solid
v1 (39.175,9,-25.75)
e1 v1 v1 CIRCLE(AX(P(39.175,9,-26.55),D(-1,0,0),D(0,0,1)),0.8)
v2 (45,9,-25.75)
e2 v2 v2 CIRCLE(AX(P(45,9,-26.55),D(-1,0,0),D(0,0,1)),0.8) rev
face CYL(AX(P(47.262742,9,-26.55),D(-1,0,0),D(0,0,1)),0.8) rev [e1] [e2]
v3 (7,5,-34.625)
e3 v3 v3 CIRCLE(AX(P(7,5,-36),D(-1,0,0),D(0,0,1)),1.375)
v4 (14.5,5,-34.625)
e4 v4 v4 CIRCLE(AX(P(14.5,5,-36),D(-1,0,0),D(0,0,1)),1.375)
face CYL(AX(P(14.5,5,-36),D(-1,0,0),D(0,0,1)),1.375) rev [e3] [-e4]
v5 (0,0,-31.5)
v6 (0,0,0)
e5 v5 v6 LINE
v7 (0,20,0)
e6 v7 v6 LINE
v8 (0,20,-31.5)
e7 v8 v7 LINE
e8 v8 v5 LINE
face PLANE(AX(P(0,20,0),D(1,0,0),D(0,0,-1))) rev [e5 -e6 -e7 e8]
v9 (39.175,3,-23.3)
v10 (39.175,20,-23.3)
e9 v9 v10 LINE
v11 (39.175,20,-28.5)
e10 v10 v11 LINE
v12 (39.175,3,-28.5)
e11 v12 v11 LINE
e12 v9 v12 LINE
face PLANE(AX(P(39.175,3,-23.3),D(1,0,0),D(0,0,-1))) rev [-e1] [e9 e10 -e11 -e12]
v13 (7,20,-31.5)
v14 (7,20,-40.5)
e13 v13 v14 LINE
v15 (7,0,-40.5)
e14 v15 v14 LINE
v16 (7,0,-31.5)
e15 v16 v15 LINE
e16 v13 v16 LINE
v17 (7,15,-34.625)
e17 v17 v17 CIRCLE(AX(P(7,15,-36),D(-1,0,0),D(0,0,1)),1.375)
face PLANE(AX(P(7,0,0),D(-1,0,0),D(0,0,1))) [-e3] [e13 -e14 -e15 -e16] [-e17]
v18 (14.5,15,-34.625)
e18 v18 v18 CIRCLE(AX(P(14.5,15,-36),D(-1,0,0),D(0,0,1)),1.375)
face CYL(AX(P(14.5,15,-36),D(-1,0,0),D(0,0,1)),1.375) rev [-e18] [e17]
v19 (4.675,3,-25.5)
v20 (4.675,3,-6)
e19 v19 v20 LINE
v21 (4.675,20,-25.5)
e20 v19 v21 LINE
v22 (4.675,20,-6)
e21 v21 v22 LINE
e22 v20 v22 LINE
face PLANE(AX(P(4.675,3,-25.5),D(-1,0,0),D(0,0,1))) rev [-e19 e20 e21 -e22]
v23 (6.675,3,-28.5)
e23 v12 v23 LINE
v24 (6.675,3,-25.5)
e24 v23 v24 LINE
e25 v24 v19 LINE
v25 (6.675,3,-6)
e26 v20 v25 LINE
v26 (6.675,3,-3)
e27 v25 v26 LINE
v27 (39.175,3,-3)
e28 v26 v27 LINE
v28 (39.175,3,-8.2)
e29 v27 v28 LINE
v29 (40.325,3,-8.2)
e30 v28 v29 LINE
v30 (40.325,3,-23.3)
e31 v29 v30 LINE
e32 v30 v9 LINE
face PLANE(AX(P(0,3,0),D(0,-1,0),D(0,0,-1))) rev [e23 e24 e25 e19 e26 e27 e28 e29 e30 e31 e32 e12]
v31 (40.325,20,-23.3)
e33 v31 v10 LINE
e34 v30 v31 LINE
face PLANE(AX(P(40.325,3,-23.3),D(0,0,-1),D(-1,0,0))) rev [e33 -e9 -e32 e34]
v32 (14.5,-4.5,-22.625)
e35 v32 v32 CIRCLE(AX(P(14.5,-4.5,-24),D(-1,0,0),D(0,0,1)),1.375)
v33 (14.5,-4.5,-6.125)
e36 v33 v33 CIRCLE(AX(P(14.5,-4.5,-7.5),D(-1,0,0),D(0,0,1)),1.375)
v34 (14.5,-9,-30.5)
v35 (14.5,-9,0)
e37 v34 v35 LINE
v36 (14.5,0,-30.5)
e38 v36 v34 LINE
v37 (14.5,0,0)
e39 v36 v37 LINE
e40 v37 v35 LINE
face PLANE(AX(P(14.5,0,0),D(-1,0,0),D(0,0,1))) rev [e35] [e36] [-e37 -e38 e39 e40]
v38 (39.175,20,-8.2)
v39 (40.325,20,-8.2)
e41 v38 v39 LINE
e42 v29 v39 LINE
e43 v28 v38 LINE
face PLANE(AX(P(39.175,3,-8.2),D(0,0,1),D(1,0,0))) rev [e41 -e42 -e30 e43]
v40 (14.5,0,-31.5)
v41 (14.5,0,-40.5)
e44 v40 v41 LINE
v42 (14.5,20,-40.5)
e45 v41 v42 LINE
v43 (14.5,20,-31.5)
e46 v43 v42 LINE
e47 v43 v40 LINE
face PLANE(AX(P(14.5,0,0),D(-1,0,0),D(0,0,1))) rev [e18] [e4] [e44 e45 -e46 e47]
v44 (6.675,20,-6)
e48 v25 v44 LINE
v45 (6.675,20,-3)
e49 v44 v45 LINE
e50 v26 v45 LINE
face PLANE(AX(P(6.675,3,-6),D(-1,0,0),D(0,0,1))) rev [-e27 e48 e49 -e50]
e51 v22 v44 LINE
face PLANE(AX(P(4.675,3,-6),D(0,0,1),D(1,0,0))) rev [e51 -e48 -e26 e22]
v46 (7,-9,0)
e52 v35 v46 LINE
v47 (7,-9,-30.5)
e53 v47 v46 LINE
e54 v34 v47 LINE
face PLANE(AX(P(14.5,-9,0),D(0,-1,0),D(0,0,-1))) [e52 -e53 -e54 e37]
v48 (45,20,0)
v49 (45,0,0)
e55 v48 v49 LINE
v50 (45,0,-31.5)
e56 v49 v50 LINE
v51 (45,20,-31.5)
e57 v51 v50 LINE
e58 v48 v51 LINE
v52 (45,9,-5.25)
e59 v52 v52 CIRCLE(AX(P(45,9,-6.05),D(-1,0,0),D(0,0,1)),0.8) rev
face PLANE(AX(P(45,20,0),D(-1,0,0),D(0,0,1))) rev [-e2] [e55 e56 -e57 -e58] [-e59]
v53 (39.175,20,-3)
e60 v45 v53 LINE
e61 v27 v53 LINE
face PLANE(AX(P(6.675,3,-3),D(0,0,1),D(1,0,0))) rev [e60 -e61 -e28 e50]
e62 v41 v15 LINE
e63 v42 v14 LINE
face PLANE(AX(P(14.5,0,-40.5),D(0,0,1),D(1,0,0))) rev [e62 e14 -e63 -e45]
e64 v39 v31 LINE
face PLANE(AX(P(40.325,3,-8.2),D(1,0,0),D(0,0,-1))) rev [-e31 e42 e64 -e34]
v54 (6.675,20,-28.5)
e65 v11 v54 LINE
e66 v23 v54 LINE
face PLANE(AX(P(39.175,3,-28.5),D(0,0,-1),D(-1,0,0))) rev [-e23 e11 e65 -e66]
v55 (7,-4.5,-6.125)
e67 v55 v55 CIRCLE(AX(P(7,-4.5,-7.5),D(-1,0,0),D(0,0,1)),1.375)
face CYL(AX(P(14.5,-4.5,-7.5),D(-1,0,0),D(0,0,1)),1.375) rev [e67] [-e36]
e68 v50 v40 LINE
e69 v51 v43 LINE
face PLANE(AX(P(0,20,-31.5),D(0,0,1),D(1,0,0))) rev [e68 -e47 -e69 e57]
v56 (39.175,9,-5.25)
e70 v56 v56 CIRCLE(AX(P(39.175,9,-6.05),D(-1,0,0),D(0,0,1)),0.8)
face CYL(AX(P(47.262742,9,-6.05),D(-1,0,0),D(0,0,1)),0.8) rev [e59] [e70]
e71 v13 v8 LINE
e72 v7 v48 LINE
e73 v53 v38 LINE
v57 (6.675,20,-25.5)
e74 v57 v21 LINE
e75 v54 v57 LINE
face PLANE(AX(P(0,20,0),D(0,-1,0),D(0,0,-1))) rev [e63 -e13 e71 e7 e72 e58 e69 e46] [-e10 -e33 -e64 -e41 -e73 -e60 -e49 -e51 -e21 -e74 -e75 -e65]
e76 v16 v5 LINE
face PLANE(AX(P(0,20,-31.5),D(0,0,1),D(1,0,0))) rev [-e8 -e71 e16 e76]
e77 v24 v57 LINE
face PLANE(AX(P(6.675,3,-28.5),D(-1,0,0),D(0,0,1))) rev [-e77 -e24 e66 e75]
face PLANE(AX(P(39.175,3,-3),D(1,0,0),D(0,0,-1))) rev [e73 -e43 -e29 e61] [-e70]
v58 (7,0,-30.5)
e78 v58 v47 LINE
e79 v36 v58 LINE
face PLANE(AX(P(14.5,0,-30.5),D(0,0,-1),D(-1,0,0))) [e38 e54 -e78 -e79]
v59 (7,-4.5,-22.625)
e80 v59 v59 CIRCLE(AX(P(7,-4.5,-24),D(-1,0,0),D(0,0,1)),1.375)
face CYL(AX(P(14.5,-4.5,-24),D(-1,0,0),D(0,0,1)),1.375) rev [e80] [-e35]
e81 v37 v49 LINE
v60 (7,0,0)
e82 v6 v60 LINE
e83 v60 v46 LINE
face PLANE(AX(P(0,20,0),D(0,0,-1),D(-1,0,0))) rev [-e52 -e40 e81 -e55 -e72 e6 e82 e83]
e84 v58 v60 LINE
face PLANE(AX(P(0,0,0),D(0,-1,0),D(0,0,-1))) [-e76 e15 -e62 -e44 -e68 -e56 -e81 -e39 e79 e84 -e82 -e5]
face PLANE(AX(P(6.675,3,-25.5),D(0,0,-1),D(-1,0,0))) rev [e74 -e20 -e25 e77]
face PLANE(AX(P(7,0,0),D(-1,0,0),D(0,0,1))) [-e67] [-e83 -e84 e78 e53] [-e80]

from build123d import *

# Parameters (mm, degrees)
SKETCH1_W           = 45
SKETCH1_H           = 31.5
BOSS_EXTRUDE1_DEPTH = 20
CUT_EXTRUDE1_DEPTH  = 17
SKETCH3_R           = 0.8
CUT_EXTRUDE2_DEPTH  = 5.825
BOSS_EXTRUDE2_START = -7
SKETCH5_W           = 30.5
SKETCH5_H           = 9
SKETCH5_R           = 1.375
SKETCH5_W_2         = 9
SKETCH5_H_2         = 20
BOSS_EXTRUDE2_DEPTH = 7.5


with BuildPart() as part:
    # Sketch1 → Boss-Extrude1 (new body)
    with BuildSketch(Plane(origin=(0, 0, 0), x_dir=(1, 0, 0), z_dir=(0, 1, 0))):
        with Locations((22.5, 15.75)):
            Rectangle(SKETCH1_W, SKETCH1_H)
    extrude(amount=BOSS_EXTRUDE1_DEPTH)

    # Sketch2 → Cut-Extrude1 (cut)
    with BuildSketch(Plane(origin=(0, 20, 0), x_dir=(1, 0, 0), z_dir=(0, 1, 0))):
        Polygon((39.175, 28.5), (6.675, 28.5), (6.675, 25.5), (4.675, 25.5), (4.675, 6), (6.675, 6), (6.675, 3), (39.175, 3), (39.175, 8.2), (40.325, 8.2), (40.325, 23.3), (39.175, 23.3), align=None)
    extrude(amount=-CUT_EXTRUDE1_DEPTH, mode=Mode.SUBTRACT)

    # Sketch3 → Cut-Extrude2 (cut)
    with BuildSketch(Plane.ZY.offset(-39.175)):
        with Locations((-26.55, 9)):
            Circle(SKETCH3_R)
        with Locations((-6.05, 9)):
            Circle(SKETCH3_R)
    extrude(amount=-CUT_EXTRUDE2_DEPTH, mode=Mode.SUBTRACT)

    # Sketch5 → Boss-Extrude2 (add)
    # profile 1 of 2: a face of its own
    with BuildSketch(Plane.ZY.offset(BOSS_EXTRUDE2_START)):
        with Locations((-15.25, -4.5)):
            Rectangle(SKETCH5_W, SKETCH5_H)
        with Locations((-24, -4.5)):
            Circle(SKETCH5_R, mode=Mode.SUBTRACT)
        with Locations((-7.5, -4.5)):
            Circle(SKETCH5_R, mode=Mode.SUBTRACT)
    # profile 2 of 2: a face of its own
    with BuildSketch(Plane.ZY.offset(BOSS_EXTRUDE2_START)):
        with Locations((-36, 10)):
            Rectangle(SKETCH5_W_2, SKETCH5_H_2)
        with Locations((-36, 5)):
            Circle(SKETCH5_R, mode=Mode.SUBTRACT)
        with Locations((-36, 15)):
            Circle(SKETCH5_R, mode=Mode.SUBTRACT)
    extrude(amount=-BOSS_EXTRUDE2_DEPTH)


solid = part.part
